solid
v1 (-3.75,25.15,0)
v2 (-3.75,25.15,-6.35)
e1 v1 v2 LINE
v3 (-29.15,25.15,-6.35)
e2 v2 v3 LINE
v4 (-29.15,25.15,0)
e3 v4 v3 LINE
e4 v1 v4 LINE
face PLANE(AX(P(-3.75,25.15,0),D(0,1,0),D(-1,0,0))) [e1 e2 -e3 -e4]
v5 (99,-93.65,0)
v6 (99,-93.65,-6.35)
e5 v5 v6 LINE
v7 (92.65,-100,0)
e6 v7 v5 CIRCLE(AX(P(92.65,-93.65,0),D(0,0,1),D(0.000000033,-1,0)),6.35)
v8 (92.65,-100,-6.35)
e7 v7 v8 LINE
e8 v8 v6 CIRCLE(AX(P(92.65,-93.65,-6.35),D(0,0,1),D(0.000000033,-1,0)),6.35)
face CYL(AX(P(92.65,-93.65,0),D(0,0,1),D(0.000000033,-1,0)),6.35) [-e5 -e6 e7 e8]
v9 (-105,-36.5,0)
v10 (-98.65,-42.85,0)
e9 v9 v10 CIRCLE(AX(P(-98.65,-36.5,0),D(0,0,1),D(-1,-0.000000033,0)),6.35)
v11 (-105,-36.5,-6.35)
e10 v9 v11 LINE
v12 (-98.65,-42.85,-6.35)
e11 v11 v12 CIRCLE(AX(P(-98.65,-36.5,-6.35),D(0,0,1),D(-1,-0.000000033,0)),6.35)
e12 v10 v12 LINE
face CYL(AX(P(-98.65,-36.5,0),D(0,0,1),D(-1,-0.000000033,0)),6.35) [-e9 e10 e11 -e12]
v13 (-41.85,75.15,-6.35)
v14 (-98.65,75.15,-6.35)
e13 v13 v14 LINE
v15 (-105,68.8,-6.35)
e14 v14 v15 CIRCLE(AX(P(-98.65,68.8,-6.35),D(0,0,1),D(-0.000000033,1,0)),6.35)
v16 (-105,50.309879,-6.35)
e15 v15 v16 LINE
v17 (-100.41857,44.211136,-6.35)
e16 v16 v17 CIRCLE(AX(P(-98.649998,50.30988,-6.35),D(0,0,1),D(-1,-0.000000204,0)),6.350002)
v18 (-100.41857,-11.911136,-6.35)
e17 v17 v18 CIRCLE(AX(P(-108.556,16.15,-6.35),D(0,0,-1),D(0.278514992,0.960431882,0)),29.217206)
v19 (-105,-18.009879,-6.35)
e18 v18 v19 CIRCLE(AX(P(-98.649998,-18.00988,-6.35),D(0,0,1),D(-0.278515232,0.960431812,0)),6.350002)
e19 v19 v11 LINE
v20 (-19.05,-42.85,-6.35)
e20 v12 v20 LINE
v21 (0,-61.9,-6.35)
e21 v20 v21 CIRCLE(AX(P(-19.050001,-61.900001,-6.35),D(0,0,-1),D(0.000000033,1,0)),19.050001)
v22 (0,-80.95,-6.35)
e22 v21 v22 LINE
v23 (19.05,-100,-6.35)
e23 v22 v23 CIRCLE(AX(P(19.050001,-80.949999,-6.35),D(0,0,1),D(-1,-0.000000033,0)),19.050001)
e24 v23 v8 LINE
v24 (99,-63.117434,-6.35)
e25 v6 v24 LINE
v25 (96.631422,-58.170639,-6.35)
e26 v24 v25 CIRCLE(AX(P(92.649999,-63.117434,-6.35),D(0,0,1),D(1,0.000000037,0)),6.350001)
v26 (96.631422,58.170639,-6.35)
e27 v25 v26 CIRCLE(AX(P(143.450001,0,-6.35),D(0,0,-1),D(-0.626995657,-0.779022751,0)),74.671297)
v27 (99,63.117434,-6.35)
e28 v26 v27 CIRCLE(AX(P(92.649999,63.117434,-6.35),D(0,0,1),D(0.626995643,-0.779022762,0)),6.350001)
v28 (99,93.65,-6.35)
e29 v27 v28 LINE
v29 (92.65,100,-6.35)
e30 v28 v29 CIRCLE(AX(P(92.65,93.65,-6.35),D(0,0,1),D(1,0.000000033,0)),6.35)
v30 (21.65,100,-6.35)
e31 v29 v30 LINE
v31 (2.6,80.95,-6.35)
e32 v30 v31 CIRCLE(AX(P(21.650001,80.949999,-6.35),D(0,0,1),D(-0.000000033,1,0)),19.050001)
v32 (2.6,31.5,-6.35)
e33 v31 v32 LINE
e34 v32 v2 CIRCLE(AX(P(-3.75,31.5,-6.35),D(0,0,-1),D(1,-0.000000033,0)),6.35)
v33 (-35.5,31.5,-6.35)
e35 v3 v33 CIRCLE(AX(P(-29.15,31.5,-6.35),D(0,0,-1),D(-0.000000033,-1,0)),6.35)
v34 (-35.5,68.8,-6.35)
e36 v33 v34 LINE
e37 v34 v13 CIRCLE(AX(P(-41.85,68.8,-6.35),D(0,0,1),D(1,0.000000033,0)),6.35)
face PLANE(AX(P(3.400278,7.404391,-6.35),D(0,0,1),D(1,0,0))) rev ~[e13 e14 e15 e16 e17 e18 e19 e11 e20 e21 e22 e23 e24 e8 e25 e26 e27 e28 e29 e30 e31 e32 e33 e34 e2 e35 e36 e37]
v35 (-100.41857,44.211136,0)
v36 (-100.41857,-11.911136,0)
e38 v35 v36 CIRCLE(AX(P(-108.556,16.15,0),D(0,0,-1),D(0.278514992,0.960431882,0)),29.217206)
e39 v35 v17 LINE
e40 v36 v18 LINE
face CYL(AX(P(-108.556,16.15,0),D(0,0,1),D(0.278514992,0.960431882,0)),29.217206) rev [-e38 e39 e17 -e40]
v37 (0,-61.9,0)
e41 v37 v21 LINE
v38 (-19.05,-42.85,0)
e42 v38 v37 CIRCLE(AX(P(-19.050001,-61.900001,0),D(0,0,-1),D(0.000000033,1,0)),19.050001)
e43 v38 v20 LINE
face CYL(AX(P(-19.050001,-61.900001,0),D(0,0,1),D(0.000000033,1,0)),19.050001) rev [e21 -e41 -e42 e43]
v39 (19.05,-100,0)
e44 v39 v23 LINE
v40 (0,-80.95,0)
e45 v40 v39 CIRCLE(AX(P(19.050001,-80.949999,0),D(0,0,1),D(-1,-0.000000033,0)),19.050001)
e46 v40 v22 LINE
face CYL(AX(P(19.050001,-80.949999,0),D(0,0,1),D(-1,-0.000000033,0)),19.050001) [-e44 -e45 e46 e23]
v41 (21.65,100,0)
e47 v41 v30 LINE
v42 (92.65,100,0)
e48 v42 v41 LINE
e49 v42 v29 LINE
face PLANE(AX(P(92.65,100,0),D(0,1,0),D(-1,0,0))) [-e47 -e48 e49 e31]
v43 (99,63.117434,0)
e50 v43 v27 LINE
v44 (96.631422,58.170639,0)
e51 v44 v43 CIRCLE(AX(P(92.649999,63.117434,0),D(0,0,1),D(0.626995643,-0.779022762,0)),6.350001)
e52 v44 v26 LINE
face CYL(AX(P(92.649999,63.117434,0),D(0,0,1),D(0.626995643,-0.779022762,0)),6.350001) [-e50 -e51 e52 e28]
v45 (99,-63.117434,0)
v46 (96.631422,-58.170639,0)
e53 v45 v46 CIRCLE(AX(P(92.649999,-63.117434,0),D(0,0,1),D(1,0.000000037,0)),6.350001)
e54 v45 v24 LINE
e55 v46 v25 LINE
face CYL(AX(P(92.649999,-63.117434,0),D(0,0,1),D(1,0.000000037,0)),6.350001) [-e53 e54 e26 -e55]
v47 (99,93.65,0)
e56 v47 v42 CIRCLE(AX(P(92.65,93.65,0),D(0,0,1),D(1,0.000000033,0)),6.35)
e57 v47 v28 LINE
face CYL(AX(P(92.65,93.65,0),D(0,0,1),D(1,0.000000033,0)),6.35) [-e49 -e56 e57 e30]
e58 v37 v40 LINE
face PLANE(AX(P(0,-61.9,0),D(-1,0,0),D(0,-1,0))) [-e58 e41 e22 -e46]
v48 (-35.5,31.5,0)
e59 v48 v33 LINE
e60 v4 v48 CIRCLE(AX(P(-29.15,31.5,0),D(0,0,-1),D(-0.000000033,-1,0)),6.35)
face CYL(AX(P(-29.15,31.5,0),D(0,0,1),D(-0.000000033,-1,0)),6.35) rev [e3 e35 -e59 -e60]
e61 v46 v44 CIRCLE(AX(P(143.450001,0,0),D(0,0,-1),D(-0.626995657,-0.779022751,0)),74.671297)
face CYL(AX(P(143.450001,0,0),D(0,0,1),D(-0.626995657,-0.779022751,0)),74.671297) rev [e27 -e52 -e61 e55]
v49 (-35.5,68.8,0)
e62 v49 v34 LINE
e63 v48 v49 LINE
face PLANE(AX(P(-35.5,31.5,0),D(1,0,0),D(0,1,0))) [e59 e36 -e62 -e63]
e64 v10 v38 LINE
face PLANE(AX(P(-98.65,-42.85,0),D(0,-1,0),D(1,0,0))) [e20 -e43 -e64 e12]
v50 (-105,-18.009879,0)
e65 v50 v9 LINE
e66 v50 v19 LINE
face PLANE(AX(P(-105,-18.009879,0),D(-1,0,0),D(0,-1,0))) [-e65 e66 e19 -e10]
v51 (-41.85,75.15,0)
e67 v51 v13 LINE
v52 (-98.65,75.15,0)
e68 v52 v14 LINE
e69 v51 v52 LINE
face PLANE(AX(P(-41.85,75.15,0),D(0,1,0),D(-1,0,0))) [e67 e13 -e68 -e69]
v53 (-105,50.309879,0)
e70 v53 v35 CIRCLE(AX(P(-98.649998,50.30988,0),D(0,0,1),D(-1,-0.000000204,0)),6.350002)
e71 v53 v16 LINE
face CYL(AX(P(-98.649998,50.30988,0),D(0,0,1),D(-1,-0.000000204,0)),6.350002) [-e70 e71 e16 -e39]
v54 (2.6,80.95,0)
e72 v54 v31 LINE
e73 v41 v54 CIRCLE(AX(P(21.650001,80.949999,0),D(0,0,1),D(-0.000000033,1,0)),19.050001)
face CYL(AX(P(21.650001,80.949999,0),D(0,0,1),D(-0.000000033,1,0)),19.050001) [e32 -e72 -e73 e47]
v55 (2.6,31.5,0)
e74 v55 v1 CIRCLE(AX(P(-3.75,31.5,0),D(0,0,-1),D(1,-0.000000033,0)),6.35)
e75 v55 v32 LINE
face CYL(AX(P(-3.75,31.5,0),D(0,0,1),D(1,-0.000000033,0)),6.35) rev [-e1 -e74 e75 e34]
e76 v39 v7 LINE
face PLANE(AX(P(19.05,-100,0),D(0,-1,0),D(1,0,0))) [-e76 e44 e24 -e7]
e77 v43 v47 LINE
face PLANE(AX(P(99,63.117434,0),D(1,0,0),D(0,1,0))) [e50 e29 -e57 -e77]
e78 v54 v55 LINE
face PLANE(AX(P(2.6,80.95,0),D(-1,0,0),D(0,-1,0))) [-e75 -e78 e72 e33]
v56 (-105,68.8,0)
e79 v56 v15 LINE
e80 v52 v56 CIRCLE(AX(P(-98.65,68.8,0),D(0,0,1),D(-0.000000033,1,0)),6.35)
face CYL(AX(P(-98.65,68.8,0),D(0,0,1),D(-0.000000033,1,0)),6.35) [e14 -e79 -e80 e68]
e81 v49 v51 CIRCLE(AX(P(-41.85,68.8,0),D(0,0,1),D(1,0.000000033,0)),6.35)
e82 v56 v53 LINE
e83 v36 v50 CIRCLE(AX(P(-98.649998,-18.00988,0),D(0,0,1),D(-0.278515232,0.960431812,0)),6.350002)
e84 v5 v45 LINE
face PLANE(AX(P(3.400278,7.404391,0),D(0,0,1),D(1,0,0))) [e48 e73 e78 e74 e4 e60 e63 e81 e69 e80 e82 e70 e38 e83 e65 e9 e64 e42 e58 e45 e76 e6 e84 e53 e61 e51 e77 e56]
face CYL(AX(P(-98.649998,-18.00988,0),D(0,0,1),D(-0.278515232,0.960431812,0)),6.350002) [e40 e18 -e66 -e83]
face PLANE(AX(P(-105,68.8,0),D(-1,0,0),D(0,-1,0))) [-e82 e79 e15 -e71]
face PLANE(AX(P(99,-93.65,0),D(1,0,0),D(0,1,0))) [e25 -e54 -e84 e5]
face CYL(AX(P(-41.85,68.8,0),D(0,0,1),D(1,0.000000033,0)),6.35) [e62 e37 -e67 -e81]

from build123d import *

# Parameters (mm, degrees)
F1_DEPTH = 6.35


with BuildPart() as f1:
    # F0 (on Top) → F1 (new body)
    with BuildSketch(Plane.XY):
        with BuildLine():
            ThreePointArc((-105, -36.5), (-103.140128, -40.990128), (-98.65, -42.85))
            Line((-98.65, -42.85), (-19.05, -42.85))
            ThreePointArc((-19.05, -42.85), (-5.579616, -48.429616), (0, -61.9))
            Line((0, -61.9), (0, -80.95))
            ThreePointArc((0, -80.95), (5.579616, -94.420384), (19.05, -100))
            Line((19.05, -100), (92.65, -100))
            ThreePointArc((92.65, -100), (97.140128, -98.140128), (99, -93.65))
            Line((99, -93.65), (99, -63.117434))
            ThreePointArc((99, -63.117434), (98.377326, -60.375129), (96.631422, -58.170639))
            ThreePointArc((96.631422, -58.170639), (68.778704, 0), (96.631422, 58.170639))
            ThreePointArc((96.631422, 58.170639), (98.377326, 60.375129), (99, 63.117434))
            Line((99, 63.117434), (99, 93.65))
            ThreePointArc((99, 93.65), (97.140128, 98.140128), (92.65, 100))
            Line((92.65, 100), (21.65, 100))
            ThreePointArc((21.65, 100), (8.179616, 94.420384), (2.6, 80.95))
            Line((2.6, 80.95), (2.6, 75.15))
            Line((2.6, 75.15), (2.6, 31.5))
            ThreePointArc((2.6, 31.5), (0.740128, 27.009872), (-3.75, 25.15))
            Line((-3.75, 25.15), (-29.15, 25.15))
            ThreePointArc((-29.15, 25.15), (-33.640128, 27.009872), (-35.5, 31.5))
            Line((-35.5, 31.5), (-35.5, 68.8))
            ThreePointArc((-35.5, 68.8), (-37.359872, 73.290128), (-41.85, 75.15))
            Line((-41.85, 75.15), (-98.65, 75.15))
            ThreePointArc((-98.65, 75.15), (-103.140128, 73.290128), (-105, 68.8))
            Line((-105, 68.8), (-105, 50.309879))
            ThreePointArc((-105, 50.309879), (-103.727052, 46.495952), (-100.41857, 44.211136))
            ThreePointArc((-100.41857, 44.211136), (-79.338794, 16.15), (-100.41857, -11.911136))
            ThreePointArc((-100.41857, -11.911136), (-103.727052, -14.195952), (-105, -18.009879))
            Line((-105, -18.009879), (-105, -36.5))
        make_face()
    extrude(amount=-F1_DEPTH)


solid = f1.part
